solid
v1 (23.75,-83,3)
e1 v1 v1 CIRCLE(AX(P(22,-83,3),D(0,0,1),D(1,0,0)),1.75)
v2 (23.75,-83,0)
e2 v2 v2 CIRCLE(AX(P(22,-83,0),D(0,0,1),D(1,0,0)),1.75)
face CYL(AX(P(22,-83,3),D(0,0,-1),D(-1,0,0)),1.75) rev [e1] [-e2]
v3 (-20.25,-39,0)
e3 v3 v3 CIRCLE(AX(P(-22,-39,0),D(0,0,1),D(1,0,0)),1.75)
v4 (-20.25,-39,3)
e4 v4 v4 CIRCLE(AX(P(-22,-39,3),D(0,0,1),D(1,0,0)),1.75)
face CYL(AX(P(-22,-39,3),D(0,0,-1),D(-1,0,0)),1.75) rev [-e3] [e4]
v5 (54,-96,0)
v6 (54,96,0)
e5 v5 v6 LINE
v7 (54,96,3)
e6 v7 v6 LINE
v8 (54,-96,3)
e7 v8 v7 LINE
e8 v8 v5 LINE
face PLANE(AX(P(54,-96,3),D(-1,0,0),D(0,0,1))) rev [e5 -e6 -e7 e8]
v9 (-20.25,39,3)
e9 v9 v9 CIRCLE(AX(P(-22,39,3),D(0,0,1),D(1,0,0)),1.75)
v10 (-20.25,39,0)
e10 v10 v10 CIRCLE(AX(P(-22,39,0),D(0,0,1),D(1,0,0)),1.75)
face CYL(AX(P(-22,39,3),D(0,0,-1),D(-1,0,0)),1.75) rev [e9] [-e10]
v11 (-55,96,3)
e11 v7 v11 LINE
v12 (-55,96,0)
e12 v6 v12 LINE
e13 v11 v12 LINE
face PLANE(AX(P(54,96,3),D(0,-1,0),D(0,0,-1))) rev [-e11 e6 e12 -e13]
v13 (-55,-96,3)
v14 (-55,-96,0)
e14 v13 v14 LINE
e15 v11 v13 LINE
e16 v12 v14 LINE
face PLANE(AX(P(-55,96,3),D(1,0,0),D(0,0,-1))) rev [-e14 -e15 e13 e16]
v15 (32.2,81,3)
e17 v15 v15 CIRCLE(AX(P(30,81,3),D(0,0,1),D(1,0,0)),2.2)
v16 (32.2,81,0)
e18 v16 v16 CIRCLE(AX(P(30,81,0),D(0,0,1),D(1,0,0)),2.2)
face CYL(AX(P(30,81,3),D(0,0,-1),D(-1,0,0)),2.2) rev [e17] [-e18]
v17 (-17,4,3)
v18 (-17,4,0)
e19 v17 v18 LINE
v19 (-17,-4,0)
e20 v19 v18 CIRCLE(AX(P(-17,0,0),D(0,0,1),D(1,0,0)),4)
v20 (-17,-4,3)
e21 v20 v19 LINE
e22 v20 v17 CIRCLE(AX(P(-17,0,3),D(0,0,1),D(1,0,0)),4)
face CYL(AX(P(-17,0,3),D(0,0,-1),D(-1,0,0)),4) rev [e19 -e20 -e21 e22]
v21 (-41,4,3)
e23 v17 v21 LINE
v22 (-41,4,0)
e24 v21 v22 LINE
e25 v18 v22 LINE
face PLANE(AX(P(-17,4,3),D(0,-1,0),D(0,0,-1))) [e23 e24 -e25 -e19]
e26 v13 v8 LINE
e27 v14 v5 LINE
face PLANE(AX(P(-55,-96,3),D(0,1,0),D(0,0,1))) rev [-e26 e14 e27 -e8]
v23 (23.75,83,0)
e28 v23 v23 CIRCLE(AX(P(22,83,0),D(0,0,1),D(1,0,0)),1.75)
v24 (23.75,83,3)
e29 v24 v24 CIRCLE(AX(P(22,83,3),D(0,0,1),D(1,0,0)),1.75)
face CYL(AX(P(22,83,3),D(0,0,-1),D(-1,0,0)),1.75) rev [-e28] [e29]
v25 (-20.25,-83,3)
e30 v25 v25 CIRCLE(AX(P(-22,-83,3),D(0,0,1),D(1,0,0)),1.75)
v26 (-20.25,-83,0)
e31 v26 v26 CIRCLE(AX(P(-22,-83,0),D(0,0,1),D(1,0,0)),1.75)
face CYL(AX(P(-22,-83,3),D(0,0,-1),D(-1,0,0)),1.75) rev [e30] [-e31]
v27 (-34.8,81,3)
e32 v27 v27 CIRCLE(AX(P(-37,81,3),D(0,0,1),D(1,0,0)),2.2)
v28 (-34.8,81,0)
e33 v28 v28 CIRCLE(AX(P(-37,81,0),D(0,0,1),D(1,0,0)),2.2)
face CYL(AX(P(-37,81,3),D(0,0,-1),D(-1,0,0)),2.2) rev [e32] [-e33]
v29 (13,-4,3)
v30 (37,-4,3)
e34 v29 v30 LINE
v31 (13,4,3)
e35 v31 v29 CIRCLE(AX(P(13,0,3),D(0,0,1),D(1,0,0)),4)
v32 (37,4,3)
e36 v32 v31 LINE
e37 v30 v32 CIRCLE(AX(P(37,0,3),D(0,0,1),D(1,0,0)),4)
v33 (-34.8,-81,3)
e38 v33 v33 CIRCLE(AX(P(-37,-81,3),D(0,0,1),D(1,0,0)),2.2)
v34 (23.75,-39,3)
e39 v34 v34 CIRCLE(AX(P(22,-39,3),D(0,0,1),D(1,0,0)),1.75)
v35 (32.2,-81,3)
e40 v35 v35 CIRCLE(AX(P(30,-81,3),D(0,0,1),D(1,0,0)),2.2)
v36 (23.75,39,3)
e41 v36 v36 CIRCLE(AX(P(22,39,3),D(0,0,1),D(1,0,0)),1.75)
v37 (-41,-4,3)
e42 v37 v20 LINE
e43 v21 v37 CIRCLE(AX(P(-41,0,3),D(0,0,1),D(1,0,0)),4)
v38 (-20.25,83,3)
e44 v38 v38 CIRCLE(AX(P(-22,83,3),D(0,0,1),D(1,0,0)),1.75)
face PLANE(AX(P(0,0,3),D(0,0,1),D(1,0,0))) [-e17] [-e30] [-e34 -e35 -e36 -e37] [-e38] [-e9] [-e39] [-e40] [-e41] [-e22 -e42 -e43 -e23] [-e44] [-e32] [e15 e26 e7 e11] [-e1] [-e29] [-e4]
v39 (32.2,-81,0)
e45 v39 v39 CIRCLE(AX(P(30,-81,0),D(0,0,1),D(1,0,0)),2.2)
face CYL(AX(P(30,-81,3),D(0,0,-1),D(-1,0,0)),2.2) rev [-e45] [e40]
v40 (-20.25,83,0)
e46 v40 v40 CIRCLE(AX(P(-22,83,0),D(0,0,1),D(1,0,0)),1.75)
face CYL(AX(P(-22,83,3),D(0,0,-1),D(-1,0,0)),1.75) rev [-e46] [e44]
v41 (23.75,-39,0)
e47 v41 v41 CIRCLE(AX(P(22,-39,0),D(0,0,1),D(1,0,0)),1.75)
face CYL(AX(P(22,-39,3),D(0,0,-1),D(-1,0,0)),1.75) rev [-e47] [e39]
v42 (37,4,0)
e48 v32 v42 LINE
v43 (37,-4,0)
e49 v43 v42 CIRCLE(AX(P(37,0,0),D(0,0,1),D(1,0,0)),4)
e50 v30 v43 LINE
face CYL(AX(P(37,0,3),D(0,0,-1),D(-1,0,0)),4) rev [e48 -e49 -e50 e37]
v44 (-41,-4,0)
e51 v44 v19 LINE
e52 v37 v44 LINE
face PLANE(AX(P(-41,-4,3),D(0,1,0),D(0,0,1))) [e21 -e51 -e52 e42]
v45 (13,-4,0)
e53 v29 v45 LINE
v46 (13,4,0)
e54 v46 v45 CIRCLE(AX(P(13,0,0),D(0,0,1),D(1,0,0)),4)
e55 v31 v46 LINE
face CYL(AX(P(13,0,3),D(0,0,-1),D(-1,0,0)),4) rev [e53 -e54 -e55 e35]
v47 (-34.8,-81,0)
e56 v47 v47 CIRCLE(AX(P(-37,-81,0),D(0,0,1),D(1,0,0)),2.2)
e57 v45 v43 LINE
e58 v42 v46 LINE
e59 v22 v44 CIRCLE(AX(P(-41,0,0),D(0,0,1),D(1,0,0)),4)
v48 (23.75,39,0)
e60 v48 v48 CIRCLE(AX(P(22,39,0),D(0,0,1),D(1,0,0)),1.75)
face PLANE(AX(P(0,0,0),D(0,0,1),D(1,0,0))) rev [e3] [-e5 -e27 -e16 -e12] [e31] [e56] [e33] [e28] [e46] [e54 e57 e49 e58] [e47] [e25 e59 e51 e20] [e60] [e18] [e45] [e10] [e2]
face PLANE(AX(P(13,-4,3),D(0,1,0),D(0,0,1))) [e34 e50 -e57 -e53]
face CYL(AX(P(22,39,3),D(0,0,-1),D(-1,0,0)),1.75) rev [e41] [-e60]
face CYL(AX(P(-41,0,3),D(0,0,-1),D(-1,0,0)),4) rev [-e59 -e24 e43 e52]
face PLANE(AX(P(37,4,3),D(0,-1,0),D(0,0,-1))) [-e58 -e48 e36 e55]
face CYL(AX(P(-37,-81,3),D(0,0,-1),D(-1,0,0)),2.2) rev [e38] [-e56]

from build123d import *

# Parameters (mm, degrees)
WIRING_SLOTS_AND_DECK_MOUNTS_PROFILE_W   = 109
WIRING_SLOTS_AND_DECK_MOUNTS_PROFILE_H   = 192
WIRING_SLOTS_AND_DECK_MOUNTS_PROFILE_R   = 2.2
WIRING_SLOTS_AND_DECK_MOUNTS_PROFILE_R_2 = 1.75
WIRING_SLOTS_AND_DECK_MOUNTS_DEPTH       = 3


with BuildPart() as part:
    # Wiring slots and deck mounts profile → Wiring slots and deck mounts (new body)
    with BuildSketch(Plane.XY):
        with Locations((-0.5, 0)):
            Rectangle(WIRING_SLOTS_AND_DECK_MOUNTS_PROFILE_W, WIRING_SLOTS_AND_DECK_MOUNTS_PROFILE_H)
        with Locations((-37, -81)):
            Circle(WIRING_SLOTS_AND_DECK_MOUNTS_PROFILE_R, mode=Mode.SUBTRACT)
        with Locations((-37, 81)):
            Circle(WIRING_SLOTS_AND_DECK_MOUNTS_PROFILE_R, mode=Mode.SUBTRACT)
        with Locations((30, -81)):
            Circle(WIRING_SLOTS_AND_DECK_MOUNTS_PROFILE_R, mode=Mode.SUBTRACT)
        with Locations((30, 81)):
            Circle(WIRING_SLOTS_AND_DECK_MOUNTS_PROFILE_R, mode=Mode.SUBTRACT)
        with Locations((-22, -83)):
            Circle(WIRING_SLOTS_AND_DECK_MOUNTS_PROFILE_R_2, mode=Mode.SUBTRACT)
        with Locations((-22, 39)):
            Circle(WIRING_SLOTS_AND_DECK_MOUNTS_PROFILE_R_2, mode=Mode.SUBTRACT)
        with Locations((-22, -39)):
            Circle(WIRING_SLOTS_AND_DECK_MOUNTS_PROFILE_R_2, mode=Mode.SUBTRACT)
        with Locations((-22, 83)):
            Circle(WIRING_SLOTS_AND_DECK_MOUNTS_PROFILE_R_2, mode=Mode.SUBTRACT)
        with Locations((22, -83)):
            Circle(WIRING_SLOTS_AND_DECK_MOUNTS_PROFILE_R_2, mode=Mode.SUBTRACT)
        with Locations((22, 39)):
            Circle(WIRING_SLOTS_AND_DECK_MOUNTS_PROFILE_R_2, mode=Mode.SUBTRACT)
        with Locations((22, -39)):
            Circle(WIRING_SLOTS_AND_DECK_MOUNTS_PROFILE_R_2, mode=Mode.SUBTRACT)
        with Locations((22, 83)):
            Circle(WIRING_SLOTS_AND_DECK_MOUNTS_PROFILE_R_2, mode=Mode.SUBTRACT)
        with BuildLine():
            Line((-41, -4), (-17, -4))
            ThreePointArc((-17, -4), (-13, 0), (-17, 4))
            Line((-17, 4), (-41, 4))
            ThreePointArc((-41, 4), (-45, 0), (-41, -4))
        make_face(mode=Mode.SUBTRACT)
        with BuildLine():
            Line((13, -4), (37, -4))
            ThreePointArc((37, -4), (41, 0), (37, 4))
            Line((37, 4), (13, 4))
            ThreePointArc((13, 4), (9, 0), (13, -4))
        make_face(mode=Mode.SUBTRACT)
    extrude(amount=WIRING_SLOTS_AND_DECK_MOUNTS_DEPTH)


solid = part.part
